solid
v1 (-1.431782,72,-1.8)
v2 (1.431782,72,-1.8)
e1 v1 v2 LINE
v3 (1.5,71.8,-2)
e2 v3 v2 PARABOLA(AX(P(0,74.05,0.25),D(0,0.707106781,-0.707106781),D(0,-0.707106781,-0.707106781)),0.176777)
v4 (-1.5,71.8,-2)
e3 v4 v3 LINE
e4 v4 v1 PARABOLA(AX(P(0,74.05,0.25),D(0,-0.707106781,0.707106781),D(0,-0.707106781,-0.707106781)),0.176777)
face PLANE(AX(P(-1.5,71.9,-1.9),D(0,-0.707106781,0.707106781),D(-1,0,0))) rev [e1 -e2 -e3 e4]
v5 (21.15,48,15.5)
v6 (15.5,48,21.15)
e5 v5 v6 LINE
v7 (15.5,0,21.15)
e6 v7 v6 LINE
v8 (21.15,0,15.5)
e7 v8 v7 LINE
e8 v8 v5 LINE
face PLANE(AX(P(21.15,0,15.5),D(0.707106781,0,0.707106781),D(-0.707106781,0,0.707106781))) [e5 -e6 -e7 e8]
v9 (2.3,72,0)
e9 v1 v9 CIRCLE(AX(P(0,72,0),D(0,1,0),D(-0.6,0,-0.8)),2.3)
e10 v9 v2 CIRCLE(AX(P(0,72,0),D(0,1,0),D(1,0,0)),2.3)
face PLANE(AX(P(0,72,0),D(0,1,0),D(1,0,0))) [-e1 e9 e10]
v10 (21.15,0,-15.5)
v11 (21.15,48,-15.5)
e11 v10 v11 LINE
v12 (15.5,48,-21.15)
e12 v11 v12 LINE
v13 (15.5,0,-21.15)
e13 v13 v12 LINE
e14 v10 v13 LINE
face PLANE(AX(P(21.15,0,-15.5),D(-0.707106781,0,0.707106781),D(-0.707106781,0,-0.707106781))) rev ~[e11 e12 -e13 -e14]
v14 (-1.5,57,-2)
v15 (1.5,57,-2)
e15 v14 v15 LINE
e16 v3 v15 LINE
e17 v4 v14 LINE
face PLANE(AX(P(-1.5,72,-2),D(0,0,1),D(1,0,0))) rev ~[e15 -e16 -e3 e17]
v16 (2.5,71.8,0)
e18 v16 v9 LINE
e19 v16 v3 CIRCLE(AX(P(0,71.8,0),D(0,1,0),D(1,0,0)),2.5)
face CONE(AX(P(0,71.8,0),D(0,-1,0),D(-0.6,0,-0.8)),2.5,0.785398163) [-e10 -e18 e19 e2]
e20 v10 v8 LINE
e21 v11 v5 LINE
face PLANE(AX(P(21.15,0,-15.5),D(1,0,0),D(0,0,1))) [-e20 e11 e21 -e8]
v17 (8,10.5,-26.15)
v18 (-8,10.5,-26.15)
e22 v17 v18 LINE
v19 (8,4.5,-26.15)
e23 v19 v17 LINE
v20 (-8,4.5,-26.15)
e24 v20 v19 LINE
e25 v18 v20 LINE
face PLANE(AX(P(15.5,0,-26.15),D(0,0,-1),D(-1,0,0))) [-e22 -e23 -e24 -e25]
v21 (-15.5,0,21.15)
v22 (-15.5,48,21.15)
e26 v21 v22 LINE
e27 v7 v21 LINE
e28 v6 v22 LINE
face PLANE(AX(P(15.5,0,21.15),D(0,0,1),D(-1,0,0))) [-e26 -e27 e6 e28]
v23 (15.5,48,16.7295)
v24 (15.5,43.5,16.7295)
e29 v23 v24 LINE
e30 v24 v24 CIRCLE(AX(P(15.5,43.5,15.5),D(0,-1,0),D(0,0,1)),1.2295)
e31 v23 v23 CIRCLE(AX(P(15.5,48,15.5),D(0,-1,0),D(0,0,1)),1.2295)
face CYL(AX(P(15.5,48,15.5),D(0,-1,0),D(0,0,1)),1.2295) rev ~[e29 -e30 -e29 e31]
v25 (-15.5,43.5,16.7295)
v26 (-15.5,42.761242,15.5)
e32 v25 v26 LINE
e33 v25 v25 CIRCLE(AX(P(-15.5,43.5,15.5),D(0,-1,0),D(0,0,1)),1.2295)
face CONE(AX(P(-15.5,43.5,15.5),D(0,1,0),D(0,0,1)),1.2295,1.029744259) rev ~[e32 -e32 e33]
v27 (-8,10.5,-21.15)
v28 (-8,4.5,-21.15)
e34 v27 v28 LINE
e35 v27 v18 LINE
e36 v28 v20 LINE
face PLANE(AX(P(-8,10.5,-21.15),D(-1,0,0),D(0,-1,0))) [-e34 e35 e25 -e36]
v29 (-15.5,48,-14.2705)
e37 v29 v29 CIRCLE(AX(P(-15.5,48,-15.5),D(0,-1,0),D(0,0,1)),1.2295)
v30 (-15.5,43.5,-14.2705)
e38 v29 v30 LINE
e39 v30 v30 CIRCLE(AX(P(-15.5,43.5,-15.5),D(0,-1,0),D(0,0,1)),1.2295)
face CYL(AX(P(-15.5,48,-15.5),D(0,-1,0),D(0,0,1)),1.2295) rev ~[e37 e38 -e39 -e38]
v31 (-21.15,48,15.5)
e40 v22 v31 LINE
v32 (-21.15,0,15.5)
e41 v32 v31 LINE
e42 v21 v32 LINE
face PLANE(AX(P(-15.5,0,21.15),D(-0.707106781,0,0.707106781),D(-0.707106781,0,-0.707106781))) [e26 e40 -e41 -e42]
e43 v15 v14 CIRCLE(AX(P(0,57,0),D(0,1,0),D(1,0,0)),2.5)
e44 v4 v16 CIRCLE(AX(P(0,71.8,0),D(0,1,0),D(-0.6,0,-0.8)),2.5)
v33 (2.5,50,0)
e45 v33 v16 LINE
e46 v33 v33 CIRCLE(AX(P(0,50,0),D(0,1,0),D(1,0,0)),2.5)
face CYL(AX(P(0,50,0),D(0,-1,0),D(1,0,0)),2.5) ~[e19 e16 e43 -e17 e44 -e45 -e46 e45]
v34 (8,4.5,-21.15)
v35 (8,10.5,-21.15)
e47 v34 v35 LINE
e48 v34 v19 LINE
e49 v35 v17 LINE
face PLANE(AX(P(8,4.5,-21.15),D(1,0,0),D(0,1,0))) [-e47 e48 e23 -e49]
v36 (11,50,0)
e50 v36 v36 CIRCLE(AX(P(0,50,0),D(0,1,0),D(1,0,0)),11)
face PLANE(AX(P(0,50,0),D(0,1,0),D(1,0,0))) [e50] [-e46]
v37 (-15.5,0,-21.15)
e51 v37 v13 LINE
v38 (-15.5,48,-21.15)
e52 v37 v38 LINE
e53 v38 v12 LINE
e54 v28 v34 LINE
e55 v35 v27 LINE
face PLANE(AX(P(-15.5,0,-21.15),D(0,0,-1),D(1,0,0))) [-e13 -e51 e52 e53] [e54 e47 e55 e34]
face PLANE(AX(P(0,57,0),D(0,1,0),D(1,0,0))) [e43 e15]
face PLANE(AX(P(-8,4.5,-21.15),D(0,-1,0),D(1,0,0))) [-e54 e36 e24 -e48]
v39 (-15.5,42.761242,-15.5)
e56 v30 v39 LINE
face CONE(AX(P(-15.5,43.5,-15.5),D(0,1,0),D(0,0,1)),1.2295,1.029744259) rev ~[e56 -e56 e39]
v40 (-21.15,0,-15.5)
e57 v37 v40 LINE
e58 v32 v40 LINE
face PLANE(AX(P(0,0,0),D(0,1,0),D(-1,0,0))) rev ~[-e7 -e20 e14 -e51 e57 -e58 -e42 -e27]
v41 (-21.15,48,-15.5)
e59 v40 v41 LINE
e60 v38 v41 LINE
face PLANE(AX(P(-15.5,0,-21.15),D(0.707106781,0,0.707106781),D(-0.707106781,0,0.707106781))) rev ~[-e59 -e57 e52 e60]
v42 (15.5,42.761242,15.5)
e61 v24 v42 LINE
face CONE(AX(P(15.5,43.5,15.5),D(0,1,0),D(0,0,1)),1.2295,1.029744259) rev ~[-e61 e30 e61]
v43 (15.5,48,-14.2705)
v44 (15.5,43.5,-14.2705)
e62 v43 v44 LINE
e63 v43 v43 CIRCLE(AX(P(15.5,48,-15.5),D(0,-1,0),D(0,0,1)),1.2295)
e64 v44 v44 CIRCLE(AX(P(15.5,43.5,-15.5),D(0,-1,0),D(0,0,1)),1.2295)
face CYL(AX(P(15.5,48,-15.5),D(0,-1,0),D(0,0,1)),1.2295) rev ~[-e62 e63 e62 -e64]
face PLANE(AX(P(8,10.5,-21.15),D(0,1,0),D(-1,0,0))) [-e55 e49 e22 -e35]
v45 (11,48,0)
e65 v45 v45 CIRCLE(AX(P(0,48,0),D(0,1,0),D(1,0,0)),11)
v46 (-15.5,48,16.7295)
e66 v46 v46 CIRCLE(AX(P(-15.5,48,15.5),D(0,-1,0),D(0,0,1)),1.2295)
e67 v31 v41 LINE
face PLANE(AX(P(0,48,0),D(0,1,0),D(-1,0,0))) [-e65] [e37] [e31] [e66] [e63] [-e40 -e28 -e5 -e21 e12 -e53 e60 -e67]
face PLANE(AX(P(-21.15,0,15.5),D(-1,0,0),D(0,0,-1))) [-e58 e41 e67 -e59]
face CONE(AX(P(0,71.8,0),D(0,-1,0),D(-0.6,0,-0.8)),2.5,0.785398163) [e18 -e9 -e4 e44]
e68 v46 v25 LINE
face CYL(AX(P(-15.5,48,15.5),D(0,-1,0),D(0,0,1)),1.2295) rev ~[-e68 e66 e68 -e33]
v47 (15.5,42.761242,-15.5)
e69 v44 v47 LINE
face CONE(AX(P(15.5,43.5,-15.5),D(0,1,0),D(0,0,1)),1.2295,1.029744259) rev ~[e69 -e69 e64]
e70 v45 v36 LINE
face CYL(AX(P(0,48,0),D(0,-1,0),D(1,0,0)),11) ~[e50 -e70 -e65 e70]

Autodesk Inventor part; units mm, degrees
ref_plane "YZ Plane" through (0, 0, 0) normal (1, 0, 0) x (0, 1, 0)
ref_plane "XZ Plane" through (0, 0, 0) normal (0, 1, 0) x (-1, 0, 0)
ref_plane "XY Plane" through (0, 0, 0) normal (0, 0, 1) x (1, 0, 0)
sketch "Sketch1" plane through (0, 0, 0) normal (0, 1, 0) x (-1, 0, 0)
  line L0 (-21.15, 21.15) -> (21.15, 21.15)
  line L1 (21.15, 21.15) -> (21.15, -21.15)
  line L2 (21.15, -21.15) -> (-21.15, -21.15)
  line L3 (-21.15, -21.15) -> (-21.15, 21.15)
  line L4 (-21.15, 21.15) -> (21.15, -21.15) construction
  line L5 (21.15, 21.15) -> (-21.15, -21.15) construction
  line L6 (-15.5, 15.5) -> (15.5, 15.5)
  line L7 (15.5, 15.5) -> (15.5, -15.5)
  line L8 (15.5, -15.5) -> (-15.5, -15.5)
  line L9 (-15.5, -15.5) -> (-15.5, 15.5)
  line L10 (-15.5, 15.5) -> (15.5, -15.5) construction
  line L11 (15.5, 15.5) -> (-15.5, -15.5) construction
  line L12 (15.5, -21.15) -> (21.15, -15.5)
  line L13 (-21.15, -15.5) -> (-15.5, -21.15)
  line L14 (-21.15, 15.5) -> (-15.5, 21.15)
  line L15 (15.5, 21.15) -> (21.15, 15.5)
  point P0 (0, 0)
  dimension "d0" = 42.3
  dimension "d1" = 42.3
  dimension "d2" = 31
  dimension "d3" = 31
  dimension "d4" = 31
  dimension "d5" = 31
  dimension "d6" = 31
  dimension "d7" = 31
  dimension "d8" = 45
extrude "Extrusion1" add sketch "Sketch1" along normal blind 48 contours L0 L15 L1 L12 L2 L13 L3 L14 | L6 L7 L8 L9
sketch "Sketch2" plane through (0, 48, 0) normal (0, 1, 0) x (1, 0, 0)
  circle A0 centre (0, 0) radius 11
  dimension "d11" = 22
extrude "Extrusion2" add sketch "Sketch2" along normal blind 2
sketch "Sketch3" plane through (0, 50, 0) normal (0, 1, 0) x (1, 0, 0)
  circle A0 centre (0, 0) radius 2.5
  dimension "d14" = 5
extrude "Extrusion3" add sketch "Sketch3" along normal blind 22
sketch "Sketch4" plane through (0, 72, 0) normal (0, 1, 0) x (1, 0, 0)
  circle A0 centre (0, 0) radius 2.5 projected
  line L0 (-1.5, 2) -> (1.5, 2)
  circle A1 centre (0, 0) radius 2.5 projected
  dimension "d21" = 5
  dimension "d20" = 2
extrude "Extrusion4" cut sketch "Sketch4" against normal blind 15 contours L0 A0 picked at (-0.3466, 2.0912)
chamfer "Chamfer2" distance 0.2 angle 45 3 edges at (-1.118, 72, 2.2361) (2.2361, 72, -1.118) (0, 72, -2)
sketch "Sketch5" plane through (0, 48, 0) normal (0, 1, 0) x (1, 0, 0)
  circle A0 centre (0, 0) radius 11 projected
  line L0 (-15.5, -21.15) -> (15.5, -21.15) projected
  line L1 (15.5, -21.15) -> (21.15, -15.5) projected
  line L2 (21.15, -15.5) -> (21.15, 15.5) projected
  line L3 (21.15, 15.5) -> (15.5, 21.15) projected
  line L4 (15.5, 21.15) -> (-15.5, 21.15) projected
  line L5 (-15.5, 21.15) -> (-21.15, 15.5) projected
  line L6 (-21.15, 15.5) -> (-21.15, -15.5) projected
  line L7 (-21.15, -15.5) -> (-15.5, -21.15) projected
  point P0 (-15.5, 15.5)
  point P1 (15.5, 15.5)
  point P2 (-15.5, -15.5)
  point P3 (15.5, -15.5)
  dimension "d29" = 31
  dimension "d32" = 31
  dimension "d35" = 15.5
  dimension "d36" = 15.5
hole "Hole1" at (-15.5, 48, -15.5) at (15.5, 48, -15.5) at (-15.5, 48, 15.5) at (15.5, 48, 15.5) direction (0, -1, 0) diameter 2.459 depth 4.5 tip angle 118 thread size "M3x0.5" class "6H" standard "ANSI Metric M Profile"
sketch "Sketch6" plane through (15.5, 0, -21.15) normal (0, 0, -1) x (-1, 0, 0)
  line L0 (0, 0) -> (31, 0) projected
  line L1 (31, 0) -> (31, 48) projected
  line L2 (0, 48) -> (31, 48) projected
  line L3 (0, 0) -> (0, 48) projected
  line L4 (7.5, 10.5) -> (23.5, 10.5)
  line L5 (23.5, 10.5) -> (23.5, 4.5)
  line L6 (23.5, 4.5) -> (7.5, 4.5)
  line L7 (7.5, 4.5) -> (7.5, 10.5)
  point P0 (15.5, 0)
  dimension "d44" = 16
  dimension "d45" = 6
  dimension "d46" = 10.5
  dimension "d47" = 31
  dimension "d48" = 7.5
extrude "Extrusion5" add sketch "Sketch6" along normal blind 5 contours L4 L5 L6 L7
equation "\"d35\" = 0.5 * d29"
equation "\"d36\" = 0.5 * d32"
equation "\"d48\" = -0.5 * d44 + 0.5 * d47"
properties part number "Stepper_NEMA17_48mm"
